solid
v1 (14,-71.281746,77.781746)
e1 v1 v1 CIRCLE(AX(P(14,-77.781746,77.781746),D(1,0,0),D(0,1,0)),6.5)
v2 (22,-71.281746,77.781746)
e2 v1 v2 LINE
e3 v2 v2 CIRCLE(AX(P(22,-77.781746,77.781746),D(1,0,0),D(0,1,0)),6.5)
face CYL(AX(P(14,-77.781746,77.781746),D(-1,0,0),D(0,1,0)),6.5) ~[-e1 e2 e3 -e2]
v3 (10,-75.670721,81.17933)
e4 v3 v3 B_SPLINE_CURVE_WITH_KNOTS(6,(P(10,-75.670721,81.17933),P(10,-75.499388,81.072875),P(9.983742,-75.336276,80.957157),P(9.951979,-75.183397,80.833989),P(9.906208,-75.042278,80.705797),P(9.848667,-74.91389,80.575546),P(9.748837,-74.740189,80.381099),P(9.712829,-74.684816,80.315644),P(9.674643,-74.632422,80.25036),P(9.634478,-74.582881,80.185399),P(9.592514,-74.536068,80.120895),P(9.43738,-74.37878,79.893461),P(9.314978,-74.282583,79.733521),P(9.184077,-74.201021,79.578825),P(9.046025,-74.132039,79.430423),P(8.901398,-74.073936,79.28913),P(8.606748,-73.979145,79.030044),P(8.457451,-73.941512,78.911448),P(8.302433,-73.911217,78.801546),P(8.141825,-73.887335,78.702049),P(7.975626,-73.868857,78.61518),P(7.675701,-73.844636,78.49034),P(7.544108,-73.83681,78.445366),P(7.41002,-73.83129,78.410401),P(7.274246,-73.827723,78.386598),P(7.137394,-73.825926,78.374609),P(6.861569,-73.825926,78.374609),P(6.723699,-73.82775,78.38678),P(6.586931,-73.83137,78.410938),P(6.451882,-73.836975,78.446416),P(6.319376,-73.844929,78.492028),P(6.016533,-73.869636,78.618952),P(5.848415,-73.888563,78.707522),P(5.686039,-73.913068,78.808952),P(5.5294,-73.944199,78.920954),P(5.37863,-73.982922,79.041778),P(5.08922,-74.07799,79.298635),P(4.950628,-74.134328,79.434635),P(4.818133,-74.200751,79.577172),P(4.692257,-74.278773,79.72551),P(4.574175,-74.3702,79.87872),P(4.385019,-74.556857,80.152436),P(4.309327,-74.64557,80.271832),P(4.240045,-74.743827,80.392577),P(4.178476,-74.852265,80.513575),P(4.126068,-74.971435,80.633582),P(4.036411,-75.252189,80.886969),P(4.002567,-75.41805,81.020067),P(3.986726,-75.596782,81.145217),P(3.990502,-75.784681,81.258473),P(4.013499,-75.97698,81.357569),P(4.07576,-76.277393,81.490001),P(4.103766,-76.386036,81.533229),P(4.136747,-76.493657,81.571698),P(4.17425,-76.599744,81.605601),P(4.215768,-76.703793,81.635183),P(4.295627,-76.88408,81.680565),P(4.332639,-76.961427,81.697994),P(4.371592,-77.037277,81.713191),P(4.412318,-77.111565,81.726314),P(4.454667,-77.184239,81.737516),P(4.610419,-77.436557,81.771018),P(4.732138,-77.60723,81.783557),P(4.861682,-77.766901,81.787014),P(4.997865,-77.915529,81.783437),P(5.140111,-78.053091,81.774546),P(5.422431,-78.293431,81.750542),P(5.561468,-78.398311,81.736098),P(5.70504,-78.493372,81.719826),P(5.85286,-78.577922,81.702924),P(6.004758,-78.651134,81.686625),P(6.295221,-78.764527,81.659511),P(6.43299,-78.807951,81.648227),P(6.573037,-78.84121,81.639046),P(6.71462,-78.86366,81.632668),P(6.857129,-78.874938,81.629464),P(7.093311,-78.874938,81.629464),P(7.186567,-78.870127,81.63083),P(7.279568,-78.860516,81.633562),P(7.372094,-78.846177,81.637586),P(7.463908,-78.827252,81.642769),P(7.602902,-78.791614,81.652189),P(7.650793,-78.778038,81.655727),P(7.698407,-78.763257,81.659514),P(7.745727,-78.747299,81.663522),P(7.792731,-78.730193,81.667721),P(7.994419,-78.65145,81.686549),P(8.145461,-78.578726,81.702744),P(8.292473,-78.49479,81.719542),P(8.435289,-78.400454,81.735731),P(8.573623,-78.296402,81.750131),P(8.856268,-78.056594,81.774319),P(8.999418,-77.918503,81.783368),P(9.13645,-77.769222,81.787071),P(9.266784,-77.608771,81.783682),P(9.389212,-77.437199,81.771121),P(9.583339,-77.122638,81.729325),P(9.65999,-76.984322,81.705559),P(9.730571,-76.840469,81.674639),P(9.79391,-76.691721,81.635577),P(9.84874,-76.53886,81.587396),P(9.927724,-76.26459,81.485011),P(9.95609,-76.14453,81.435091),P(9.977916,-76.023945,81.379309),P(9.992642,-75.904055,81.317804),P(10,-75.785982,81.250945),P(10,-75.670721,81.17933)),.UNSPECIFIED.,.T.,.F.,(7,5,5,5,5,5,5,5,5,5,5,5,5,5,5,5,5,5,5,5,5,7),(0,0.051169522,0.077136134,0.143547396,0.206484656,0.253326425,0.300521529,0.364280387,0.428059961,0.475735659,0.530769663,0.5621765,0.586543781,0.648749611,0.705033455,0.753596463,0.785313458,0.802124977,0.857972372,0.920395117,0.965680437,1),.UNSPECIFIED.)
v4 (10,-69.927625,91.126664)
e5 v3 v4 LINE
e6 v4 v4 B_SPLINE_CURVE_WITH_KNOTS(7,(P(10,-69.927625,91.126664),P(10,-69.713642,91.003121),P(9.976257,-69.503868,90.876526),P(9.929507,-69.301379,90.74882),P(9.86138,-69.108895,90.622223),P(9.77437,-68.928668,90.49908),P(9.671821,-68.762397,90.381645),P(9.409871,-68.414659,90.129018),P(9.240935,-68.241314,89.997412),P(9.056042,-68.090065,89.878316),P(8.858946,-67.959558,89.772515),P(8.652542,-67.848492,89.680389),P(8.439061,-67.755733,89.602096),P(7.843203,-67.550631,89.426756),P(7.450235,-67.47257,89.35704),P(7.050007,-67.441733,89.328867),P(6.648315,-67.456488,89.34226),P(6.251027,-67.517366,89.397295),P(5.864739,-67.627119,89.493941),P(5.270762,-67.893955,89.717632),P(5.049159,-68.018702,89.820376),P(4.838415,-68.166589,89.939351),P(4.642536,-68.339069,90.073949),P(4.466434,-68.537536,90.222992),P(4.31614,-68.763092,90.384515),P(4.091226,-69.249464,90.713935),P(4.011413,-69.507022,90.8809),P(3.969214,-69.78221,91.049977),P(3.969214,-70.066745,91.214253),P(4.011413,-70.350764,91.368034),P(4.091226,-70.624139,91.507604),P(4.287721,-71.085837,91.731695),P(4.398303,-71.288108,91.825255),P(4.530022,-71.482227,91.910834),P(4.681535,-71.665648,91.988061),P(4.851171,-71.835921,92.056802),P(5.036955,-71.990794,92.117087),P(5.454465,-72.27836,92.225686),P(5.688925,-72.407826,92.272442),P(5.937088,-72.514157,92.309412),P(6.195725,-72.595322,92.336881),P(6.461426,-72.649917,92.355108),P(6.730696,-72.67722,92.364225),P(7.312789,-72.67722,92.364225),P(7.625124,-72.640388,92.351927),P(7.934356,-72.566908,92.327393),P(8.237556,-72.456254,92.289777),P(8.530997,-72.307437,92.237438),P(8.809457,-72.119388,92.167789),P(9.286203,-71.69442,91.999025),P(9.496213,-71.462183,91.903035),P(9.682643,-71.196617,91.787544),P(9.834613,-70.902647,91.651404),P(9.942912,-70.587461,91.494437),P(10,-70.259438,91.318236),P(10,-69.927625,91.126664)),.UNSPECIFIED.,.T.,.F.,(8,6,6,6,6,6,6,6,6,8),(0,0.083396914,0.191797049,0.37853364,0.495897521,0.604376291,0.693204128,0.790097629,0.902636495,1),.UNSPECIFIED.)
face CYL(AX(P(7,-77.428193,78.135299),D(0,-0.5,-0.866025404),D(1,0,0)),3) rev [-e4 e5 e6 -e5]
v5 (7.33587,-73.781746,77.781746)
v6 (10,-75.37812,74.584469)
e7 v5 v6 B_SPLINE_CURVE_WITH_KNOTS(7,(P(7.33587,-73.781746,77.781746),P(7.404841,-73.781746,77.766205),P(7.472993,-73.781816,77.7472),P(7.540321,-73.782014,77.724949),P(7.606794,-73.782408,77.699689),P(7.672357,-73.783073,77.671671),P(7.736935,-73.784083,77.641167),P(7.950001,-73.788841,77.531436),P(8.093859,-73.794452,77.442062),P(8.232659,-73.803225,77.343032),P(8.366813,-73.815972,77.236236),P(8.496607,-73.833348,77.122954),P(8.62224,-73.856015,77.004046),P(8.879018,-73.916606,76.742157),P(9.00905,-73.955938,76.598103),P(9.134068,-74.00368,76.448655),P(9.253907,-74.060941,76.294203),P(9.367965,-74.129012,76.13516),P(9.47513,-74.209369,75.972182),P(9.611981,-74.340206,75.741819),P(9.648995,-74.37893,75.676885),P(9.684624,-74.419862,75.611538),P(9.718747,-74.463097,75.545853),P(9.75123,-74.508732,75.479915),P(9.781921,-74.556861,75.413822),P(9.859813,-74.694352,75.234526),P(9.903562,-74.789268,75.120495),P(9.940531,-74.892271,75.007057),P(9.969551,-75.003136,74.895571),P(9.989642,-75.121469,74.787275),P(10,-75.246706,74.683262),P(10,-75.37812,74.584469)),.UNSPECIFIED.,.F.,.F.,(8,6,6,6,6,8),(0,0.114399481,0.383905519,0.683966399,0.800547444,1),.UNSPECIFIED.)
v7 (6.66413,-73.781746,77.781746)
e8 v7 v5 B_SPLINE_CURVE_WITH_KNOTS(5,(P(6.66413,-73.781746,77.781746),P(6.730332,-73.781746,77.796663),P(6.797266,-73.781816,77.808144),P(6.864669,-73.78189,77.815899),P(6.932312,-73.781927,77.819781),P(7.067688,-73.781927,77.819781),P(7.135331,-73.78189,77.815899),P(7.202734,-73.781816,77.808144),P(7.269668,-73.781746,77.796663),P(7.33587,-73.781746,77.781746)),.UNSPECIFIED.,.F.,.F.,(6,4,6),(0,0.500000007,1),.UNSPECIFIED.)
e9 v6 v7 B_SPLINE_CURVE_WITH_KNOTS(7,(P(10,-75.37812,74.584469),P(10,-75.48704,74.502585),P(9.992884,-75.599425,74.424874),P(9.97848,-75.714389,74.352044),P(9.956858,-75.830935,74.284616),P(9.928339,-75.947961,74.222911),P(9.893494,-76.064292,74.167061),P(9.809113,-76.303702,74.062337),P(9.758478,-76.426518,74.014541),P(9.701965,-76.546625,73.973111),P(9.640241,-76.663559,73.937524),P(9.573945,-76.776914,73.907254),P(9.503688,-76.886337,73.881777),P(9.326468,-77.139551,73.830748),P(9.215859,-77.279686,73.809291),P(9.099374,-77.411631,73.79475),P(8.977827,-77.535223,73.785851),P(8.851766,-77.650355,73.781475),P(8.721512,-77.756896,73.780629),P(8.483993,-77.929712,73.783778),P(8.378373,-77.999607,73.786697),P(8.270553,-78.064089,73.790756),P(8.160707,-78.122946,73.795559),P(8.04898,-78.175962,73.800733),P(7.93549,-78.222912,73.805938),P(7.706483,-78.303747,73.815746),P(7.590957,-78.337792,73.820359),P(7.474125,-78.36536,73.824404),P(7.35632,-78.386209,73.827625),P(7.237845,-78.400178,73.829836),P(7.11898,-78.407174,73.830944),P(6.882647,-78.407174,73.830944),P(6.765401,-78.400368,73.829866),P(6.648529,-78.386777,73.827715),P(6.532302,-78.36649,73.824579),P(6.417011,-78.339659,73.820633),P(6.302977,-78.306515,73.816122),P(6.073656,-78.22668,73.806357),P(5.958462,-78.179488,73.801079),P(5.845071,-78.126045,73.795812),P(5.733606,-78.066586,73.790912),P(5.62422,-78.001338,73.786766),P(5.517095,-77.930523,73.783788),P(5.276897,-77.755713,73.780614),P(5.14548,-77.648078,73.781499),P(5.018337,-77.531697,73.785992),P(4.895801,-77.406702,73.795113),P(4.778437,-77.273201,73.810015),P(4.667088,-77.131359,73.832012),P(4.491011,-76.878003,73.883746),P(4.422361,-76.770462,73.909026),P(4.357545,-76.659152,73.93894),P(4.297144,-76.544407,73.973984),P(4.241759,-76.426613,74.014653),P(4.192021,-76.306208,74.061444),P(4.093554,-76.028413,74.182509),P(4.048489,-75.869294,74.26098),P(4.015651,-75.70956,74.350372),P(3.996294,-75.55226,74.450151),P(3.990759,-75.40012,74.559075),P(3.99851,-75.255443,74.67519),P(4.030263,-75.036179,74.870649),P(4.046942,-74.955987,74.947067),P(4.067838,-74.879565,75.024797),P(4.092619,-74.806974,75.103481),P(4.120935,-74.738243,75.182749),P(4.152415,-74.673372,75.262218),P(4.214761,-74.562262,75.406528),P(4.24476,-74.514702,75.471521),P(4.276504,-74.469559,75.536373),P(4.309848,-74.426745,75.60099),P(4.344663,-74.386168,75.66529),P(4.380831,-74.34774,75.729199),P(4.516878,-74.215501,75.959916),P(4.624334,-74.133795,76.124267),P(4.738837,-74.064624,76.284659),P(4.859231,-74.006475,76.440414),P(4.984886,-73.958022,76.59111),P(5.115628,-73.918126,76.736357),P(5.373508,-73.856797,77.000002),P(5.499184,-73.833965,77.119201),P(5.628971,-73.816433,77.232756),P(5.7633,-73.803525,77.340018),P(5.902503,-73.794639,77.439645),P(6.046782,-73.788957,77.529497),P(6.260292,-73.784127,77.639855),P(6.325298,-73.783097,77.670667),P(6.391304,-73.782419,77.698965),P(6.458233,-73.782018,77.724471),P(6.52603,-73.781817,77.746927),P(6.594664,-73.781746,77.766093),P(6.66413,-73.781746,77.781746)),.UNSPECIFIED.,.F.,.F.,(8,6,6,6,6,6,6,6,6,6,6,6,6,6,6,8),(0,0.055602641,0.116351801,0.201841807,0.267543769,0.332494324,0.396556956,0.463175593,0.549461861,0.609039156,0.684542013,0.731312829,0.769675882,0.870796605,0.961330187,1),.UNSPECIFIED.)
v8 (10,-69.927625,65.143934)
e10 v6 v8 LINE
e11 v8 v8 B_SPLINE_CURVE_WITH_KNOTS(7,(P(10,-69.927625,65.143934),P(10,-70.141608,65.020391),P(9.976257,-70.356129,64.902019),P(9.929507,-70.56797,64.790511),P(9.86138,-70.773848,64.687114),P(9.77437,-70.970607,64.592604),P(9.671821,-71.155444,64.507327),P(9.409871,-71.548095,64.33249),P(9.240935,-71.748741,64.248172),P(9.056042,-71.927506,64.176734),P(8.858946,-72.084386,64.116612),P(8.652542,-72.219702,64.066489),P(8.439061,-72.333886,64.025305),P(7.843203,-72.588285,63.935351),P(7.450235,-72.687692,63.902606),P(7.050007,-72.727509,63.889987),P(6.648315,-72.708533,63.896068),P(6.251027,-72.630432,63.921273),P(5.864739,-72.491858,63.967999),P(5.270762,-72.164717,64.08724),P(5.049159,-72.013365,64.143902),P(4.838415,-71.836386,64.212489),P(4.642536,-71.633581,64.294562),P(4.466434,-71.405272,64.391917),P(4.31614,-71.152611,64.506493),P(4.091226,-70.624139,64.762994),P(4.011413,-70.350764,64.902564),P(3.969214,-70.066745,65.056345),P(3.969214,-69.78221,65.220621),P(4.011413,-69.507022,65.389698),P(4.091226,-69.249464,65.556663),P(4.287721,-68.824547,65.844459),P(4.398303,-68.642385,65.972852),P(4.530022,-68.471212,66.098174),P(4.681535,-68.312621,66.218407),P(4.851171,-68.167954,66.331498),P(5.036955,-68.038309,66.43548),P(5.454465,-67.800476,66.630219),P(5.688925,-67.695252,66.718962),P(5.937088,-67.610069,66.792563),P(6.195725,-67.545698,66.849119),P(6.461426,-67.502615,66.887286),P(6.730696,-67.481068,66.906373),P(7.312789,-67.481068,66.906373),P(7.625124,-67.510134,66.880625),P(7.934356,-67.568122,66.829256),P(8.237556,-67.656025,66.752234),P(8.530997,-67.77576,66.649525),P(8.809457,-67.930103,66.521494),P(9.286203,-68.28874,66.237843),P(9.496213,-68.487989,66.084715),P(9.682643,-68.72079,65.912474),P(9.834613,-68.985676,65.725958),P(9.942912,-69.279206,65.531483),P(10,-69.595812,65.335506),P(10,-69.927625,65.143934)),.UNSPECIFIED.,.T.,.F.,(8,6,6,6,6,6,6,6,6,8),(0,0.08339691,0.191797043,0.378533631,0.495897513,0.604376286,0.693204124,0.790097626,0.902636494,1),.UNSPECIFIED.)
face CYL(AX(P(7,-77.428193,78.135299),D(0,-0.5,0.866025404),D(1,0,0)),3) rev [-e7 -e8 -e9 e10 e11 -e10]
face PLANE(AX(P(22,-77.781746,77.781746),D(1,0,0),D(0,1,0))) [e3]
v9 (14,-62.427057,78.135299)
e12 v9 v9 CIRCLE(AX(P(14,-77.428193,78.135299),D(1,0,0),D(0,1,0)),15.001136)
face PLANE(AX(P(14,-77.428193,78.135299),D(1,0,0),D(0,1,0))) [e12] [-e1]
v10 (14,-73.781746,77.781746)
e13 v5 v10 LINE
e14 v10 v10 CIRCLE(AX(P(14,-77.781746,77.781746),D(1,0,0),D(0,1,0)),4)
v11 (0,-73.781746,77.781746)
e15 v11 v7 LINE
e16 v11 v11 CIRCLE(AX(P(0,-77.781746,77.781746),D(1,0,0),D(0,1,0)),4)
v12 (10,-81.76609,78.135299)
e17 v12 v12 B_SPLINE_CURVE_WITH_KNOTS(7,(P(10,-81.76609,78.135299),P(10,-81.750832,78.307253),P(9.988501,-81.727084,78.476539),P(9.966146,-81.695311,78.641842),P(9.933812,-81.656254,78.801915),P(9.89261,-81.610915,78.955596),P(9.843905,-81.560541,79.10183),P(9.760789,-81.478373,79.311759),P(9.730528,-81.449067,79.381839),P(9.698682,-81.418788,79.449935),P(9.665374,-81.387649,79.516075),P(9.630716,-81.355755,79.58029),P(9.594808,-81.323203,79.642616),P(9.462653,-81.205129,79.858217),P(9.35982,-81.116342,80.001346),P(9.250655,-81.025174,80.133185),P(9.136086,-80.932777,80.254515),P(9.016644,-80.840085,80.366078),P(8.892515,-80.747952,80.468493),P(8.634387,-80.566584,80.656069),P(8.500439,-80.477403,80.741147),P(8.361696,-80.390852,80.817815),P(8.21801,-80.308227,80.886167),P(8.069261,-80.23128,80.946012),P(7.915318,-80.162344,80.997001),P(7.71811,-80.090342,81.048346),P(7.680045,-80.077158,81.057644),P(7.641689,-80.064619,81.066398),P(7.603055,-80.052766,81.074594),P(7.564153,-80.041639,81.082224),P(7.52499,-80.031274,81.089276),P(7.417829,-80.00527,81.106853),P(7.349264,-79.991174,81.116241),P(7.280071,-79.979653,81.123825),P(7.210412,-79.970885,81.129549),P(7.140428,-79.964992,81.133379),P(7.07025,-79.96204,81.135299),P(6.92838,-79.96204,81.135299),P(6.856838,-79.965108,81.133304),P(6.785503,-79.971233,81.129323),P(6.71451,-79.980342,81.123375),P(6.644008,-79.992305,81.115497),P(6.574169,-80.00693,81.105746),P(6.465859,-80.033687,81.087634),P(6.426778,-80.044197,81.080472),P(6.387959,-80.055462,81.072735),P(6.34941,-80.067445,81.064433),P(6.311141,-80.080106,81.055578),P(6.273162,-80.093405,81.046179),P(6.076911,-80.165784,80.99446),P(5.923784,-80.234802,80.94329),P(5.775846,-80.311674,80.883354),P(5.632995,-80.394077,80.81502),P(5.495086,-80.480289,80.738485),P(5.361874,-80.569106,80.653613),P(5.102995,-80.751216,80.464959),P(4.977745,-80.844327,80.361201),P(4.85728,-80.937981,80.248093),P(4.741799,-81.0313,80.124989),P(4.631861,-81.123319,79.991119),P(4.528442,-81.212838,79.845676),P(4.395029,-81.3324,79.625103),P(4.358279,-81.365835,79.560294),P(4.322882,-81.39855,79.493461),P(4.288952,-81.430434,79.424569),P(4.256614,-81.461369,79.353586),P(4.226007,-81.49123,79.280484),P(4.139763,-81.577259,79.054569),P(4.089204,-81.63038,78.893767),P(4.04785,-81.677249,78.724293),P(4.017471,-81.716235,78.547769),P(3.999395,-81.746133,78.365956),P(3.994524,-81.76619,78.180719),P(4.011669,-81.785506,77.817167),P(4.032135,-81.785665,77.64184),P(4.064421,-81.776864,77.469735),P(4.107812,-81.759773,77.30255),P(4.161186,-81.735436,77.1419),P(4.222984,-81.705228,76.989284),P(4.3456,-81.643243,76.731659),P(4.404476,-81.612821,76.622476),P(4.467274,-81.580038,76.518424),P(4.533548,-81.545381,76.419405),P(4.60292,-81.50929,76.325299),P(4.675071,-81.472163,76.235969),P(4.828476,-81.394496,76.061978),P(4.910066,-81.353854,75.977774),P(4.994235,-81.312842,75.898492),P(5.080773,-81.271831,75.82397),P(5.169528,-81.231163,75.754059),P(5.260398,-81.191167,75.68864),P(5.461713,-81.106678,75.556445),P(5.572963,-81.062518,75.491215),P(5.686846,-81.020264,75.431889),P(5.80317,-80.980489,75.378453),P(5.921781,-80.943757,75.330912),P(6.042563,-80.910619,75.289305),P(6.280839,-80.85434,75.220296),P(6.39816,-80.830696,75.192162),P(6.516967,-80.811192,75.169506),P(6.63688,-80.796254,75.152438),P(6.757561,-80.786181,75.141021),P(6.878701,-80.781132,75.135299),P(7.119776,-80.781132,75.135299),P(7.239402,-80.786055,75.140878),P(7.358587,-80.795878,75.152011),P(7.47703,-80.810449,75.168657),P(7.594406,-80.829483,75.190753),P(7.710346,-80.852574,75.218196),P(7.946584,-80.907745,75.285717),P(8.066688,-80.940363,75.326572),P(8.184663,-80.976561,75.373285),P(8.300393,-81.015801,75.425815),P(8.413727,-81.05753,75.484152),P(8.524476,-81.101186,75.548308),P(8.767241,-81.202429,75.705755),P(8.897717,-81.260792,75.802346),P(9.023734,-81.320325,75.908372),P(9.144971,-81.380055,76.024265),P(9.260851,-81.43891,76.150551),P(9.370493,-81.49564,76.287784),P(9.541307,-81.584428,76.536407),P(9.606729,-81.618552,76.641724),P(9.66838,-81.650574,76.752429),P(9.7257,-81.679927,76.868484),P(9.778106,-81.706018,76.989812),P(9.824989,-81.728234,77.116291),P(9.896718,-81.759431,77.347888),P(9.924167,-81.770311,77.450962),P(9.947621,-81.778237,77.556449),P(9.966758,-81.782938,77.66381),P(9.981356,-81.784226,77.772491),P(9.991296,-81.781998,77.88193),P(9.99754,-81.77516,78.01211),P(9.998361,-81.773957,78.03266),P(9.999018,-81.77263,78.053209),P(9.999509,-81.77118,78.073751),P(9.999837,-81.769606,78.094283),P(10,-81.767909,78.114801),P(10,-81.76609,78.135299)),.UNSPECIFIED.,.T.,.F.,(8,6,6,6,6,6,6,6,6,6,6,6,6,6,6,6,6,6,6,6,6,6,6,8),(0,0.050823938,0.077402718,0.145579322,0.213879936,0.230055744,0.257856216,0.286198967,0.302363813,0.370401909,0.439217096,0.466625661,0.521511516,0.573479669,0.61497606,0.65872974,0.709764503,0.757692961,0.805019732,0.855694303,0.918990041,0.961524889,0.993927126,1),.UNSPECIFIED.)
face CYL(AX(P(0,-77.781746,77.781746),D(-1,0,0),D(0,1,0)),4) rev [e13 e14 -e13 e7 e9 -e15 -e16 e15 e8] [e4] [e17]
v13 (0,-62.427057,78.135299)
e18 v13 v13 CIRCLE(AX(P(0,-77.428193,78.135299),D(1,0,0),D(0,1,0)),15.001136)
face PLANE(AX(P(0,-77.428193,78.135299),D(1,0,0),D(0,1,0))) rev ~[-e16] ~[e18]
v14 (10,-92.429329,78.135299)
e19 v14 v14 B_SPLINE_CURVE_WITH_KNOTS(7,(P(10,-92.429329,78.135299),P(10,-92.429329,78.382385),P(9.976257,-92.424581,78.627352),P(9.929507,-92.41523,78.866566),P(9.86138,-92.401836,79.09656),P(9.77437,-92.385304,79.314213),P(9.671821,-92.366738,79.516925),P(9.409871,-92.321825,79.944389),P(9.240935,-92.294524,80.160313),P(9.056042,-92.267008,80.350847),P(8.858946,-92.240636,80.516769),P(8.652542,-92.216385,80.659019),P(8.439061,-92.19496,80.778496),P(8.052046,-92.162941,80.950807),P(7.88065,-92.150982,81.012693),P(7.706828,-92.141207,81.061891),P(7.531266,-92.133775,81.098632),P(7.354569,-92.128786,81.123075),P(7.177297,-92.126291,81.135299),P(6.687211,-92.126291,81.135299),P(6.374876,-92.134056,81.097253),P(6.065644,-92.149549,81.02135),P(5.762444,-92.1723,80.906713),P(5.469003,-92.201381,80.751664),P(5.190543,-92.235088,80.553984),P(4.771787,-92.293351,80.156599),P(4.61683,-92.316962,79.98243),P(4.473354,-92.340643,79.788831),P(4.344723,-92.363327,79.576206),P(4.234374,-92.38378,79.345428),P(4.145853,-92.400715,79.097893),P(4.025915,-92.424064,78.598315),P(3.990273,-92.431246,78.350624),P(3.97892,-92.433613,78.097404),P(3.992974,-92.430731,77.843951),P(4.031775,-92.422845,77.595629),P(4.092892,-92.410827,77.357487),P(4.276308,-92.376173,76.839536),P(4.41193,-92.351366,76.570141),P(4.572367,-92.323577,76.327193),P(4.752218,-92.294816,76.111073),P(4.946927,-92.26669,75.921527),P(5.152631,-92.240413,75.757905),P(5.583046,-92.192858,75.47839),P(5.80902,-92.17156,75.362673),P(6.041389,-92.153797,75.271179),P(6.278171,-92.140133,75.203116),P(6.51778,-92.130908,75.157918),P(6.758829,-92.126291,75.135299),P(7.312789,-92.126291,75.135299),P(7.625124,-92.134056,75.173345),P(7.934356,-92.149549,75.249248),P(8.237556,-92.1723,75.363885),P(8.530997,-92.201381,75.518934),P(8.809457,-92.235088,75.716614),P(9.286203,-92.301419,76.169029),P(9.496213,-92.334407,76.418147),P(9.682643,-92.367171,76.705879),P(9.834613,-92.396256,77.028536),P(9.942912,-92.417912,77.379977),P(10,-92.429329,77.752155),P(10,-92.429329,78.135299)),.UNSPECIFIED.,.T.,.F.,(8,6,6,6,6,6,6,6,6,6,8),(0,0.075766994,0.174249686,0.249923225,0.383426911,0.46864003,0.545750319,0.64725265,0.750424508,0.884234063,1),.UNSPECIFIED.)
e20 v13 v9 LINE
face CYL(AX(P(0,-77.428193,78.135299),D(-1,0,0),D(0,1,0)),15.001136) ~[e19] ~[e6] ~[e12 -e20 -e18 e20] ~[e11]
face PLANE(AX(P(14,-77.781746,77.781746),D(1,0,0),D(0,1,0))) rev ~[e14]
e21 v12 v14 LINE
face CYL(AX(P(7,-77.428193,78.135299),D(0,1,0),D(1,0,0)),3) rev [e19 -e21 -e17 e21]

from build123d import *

# Parameters (mm, degrees)
F0_R     = 15.001136
F0_R_2   = 4
F1_DEPTH = 14
F3_R     = 3
F4_DEPTH = 25
F5_COUNT = 3
F7_R     = 6.5
F8_DEPTH = 8


with BuildPart() as f1:
    # F0 (on Right) → F1 (new body)
    with BuildSketch(Plane.YZ):
        with Locations((-77.428193, 78.135299)):
            Circle(F0_R)
        with Locations((-77.781746, 77.781746)):
            Circle(F0_R_2, mode=Mode.SUBTRACT)
    extrude(amount=F1_DEPTH)


with BuildPart() as f4:
    # F3 (on face) → F4 (new body)
    with BuildSketch(Plane.XZ.offset(77.428193)):
        with Locations((7, 78.135299)):
            Circle(F3_R)
    extrude(amount=F4_DEPTH)


with BuildPart() as f5_1:
    # F5: instance of F4
    add(f4.part.rotate(Axis((0, -77.428193, 78.135299), (1, 0, 0)), 1 * 360 / F5_COUNT))


with BuildPart() as f5_2:
    # F5: instance of F4
    add(f4.part.rotate(Axis((0, -77.428193, 78.135299), (1, 0, 0)), 2 * 360 / F5_COUNT))


with BuildPart() as f1_1:
    add(f1.part)

    # F6: cut F4, F5_1, F5_2
    add(f4.part, mode=Mode.SUBTRACT)
    add(f5_1.part, mode=Mode.SUBTRACT)
    add(f5_2.part, mode=Mode.SUBTRACT)

    # F7 (on face) → F8 (join)
    with BuildSketch(Plane.YZ.offset(14)):
        with Locations((-77.781746, 77.781746)):
            Circle(F7_R)
    extrude(amount=F8_DEPTH)


solid = f1_1.part
